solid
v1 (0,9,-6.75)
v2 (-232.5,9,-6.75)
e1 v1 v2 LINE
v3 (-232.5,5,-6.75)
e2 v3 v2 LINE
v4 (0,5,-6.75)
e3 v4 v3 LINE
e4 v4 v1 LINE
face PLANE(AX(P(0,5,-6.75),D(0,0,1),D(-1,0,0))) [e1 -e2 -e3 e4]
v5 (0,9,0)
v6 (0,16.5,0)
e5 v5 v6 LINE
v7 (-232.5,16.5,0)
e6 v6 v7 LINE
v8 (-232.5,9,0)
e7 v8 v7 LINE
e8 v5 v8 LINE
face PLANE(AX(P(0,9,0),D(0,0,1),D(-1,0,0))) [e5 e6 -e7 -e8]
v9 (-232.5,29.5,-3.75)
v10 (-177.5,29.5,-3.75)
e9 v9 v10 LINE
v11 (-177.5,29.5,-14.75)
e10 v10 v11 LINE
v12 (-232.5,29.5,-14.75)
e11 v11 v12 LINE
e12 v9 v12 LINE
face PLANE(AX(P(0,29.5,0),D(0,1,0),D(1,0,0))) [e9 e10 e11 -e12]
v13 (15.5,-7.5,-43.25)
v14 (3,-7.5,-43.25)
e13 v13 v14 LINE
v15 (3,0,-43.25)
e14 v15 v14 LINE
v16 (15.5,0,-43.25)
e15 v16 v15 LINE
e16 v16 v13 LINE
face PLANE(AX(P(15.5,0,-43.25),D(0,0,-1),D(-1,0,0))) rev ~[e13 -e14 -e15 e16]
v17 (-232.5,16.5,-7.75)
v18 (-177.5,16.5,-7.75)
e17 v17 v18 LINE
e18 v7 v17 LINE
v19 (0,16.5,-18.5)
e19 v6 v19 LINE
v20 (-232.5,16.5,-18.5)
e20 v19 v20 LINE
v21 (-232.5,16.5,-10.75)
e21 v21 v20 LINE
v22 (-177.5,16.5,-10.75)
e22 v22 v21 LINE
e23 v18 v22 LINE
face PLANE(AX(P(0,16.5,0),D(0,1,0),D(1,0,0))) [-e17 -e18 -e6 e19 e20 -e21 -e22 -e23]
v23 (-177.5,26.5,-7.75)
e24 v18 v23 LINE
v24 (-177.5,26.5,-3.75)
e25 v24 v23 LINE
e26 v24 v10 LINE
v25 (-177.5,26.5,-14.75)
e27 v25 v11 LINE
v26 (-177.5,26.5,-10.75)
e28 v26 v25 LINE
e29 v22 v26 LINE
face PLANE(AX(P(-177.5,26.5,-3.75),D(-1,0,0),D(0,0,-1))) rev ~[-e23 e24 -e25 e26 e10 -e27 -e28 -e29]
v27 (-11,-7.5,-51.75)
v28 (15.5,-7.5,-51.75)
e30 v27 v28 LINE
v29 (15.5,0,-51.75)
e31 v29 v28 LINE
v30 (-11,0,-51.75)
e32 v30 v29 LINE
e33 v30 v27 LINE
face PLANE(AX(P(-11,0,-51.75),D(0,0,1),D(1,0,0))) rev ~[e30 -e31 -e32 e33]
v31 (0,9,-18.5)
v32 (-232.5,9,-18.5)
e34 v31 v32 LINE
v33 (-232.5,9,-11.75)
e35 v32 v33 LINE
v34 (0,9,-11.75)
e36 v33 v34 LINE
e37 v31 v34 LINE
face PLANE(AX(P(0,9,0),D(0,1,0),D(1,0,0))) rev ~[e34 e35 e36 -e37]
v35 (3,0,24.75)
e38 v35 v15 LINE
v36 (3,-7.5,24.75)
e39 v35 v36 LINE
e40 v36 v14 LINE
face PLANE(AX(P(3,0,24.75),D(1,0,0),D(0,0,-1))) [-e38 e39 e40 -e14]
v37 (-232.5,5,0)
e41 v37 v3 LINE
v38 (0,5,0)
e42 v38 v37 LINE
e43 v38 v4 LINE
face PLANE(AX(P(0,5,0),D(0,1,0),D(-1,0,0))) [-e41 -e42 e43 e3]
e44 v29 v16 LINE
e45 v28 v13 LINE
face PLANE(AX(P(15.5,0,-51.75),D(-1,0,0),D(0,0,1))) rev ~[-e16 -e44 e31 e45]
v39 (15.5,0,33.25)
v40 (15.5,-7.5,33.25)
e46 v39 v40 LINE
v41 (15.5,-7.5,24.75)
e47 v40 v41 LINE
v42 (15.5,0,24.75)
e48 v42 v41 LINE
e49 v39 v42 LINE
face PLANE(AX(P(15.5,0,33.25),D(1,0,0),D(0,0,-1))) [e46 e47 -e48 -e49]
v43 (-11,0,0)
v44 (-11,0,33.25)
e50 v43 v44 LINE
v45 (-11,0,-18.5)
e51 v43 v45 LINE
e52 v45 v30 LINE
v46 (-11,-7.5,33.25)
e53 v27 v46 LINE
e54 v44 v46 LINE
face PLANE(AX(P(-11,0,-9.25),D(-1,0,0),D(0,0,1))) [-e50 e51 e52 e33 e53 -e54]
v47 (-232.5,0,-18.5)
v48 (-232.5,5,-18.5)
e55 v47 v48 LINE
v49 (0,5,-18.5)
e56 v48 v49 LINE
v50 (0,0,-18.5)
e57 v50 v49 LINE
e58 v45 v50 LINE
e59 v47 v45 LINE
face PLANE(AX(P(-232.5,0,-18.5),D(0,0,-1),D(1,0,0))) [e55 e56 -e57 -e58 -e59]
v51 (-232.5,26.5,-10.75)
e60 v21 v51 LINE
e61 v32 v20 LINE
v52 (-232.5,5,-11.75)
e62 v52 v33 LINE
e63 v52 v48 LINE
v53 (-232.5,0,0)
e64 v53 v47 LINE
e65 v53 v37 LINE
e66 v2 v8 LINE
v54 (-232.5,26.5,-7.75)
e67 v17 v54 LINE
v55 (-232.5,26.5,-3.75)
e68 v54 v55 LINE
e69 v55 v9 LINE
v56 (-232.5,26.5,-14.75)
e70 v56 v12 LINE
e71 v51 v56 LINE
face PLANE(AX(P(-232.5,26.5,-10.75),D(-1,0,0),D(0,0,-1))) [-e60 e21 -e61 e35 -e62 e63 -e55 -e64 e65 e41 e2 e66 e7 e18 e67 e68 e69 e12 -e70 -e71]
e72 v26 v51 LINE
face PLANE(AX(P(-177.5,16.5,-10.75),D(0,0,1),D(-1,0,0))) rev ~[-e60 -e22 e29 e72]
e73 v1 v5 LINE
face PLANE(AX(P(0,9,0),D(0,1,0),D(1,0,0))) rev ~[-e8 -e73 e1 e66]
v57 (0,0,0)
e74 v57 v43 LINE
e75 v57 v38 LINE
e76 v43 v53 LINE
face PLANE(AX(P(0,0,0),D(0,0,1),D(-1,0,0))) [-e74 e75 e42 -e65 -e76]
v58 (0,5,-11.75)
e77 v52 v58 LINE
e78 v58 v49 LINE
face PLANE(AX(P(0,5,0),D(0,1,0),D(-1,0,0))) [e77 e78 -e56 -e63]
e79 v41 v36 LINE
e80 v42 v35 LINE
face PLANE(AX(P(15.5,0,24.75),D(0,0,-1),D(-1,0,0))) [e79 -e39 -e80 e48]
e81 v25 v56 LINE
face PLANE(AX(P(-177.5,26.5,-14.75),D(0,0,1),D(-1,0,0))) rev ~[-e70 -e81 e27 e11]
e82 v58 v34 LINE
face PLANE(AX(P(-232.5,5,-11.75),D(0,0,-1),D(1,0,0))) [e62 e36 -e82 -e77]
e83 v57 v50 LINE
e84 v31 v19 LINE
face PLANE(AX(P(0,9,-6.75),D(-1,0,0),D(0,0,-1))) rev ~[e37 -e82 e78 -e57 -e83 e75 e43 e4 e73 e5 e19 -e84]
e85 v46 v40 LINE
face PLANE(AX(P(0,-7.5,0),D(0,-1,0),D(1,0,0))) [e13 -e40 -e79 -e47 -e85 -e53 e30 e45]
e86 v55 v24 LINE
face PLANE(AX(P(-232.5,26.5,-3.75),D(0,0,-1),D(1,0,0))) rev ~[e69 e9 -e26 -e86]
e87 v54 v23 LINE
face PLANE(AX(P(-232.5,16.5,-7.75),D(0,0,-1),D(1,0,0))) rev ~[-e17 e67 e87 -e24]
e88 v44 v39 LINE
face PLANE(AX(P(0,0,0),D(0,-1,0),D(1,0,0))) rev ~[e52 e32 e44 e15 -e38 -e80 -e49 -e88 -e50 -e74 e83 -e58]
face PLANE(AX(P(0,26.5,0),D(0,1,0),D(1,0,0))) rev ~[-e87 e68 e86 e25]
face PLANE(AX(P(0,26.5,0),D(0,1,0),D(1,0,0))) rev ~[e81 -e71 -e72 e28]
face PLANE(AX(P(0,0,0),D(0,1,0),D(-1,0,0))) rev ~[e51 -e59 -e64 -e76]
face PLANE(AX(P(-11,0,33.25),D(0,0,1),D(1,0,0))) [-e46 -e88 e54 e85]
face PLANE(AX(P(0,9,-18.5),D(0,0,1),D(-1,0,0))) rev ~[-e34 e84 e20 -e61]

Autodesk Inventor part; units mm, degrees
ref_plane "YZ Plane" through (0, 0, 0) normal (1, 0, 0) x (0, 1, 0)
ref_plane "XZ Plane" through (0, 0, 0) normal (0, 1, 0) x (-1, 0, 0)
ref_plane "XY Plane" through (0, 0, 0) normal (0, 0, 1) x (1, 0, 0)
sketch "Esboço1" plane through (0, 0, 0) normal (0, 1, 0) x (-1, 0, 0)
  line L0 (0, 0) -> (0, -18.5)
  line L1 (0, 0) -> (232.5, 0)
  line L2 (232.5, 0) -> (232.5, -18.5)
  line L3 (232.5, -18.5) -> (0, -18.5)
  dimension "d0" = 18.5
  dimension "d1" = 232.5
extrude "Extrusão1" add sketch "Esboço1" along normal blind 5
sketch "Esboço2" plane through (0, 5, 0) normal (0, 1, 0) x (1, 0, 0)
  line L0 (0, 0) -> (0, 9.25)
  line L1 (0, 0) -> (0, 18.5) projected
  line L2 (0, 9.25) -> (0, 11.75)
  line L3 (0, 11.75) -> (0, 6.75)
  line L4 (0, 6.75) -> (-232.5, 6.75)
  line L5 (-232.5, 18.5) -> (-232.5, 0) projected
  line L6 (-232.5, 6.75) -> (-232.5, 11.75)
  line L7 (-232.5, 11.75) -> (0, 11.75)
  dimension "d4" = 2.5
  dimension "d5" = 5
extrude "Extrusão2" add sketch "Esboço2" along normal blind 4
sketch "Esboço3" plane through (0, 9, 0) normal (0, 1, 0) x (1, 0, 0)
  line L0 (-232.5, 6.75) -> (0, 6.75) projected
  line L1 (0, 0) -> (0, 18.5) projected
  line L2 (0, 6.75) -> (0, 18.5)
  line L3 (0, 18.5) -> (0, 0)
  line L4 (0, 0) -> (-232.5, 0)
  line L5 (0, 18.5) -> (-232.5, 18.5) projected
  line L6 (-232.5, 18.5) -> (-232.5, 11.75) projected
  line L7 (-232.5, 0) -> (-232.5, 18.5)
  line L8 (-232.5, 18.5) -> (0, 18.5)
extrude "Extrusão3" add sketch "Esboço3" along normal blind 7.5
sketch "Esboço4" plane through (0, 0, 0) normal (0, -1, 0) x (1, 0, 0)
  line L0 (-232.5, 0) -> (0, 0) projected
  line L1 (-11, -9.25) -> (-11, -51.75)
  line L2 (-11, -51.75) -> (15.5, -51.75)
  line L3 (15.5, -51.75) -> (15.5, -43.25)
  line L4 (15.5, -43.25) -> (3, -43.25)
  line L5 (-11, -9.25) -> (-11, 33.25)
  line L6 (-11, 33.25) -> (15.5, 33.25)
  line L7 (15.5, 33.25) -> (15.5, 24.75)
  line L8 (15.5, 24.75) -> (3, 24.75)
  line L9 (3, 24.75) -> (3, -43.25)
  dimension "d12" = 42.5
  dimension "d14" = 26.5
  dimension "d15" = 8.5
  dimension "d17" = 42.5
  dimension "d18" = 8.5
extrude "Extrusão4" add sketch "Esboço4" along normal blind 7.5
sketch "Esboço5" plane through (0, 16.5, 0) normal (0, 1, 0) x (1, 0, 0)
  line L0 (0, 18.5) -> (-232.5, 18.5) projected
  line L1 (-232.5, 18.5) -> (-232.5, 0) projected
  line L2 (-232.5, 9.25) -> (-232.5, 10.75)
  line L3 (-232.5, 10.75) -> (-232.5, 7.75)
  line L4 (-232.5, 7.75) -> (-177.5, 7.75)
  line L5 (-177.5, 7.75) -> (-177.5, 10.75)
  line L6 (0, 11.75) -> (-232.5, 11.75) projected
  line L7 (-177.5, 10.75) -> (-232.5, 10.75)
  point P0 (0, 0)
  dimension "d21" = 1.5
  dimension "d22" = 3
  dimension "d23" = 55
  dimension "d24" = 3
extrude "Extrusão5" add sketch "Esboço5" along normal blind 10
sketch "Esboço6" plane through (0, 26.5, 0) normal (0, 1, 0) x (1, 0, 0)
  line L0 (-232.5, 10.75) -> (-232.5, 7.75) projected
  line L1 (-232.5, 9.25) -> (-232.5, 14.75)
  line L2 (-232.5, 14.75) -> (-232.5, 3.75)
  line L3 (-232.5, 6.75) -> (-232.5, 0) projected
  line L4 (-232.5, 3.75) -> (-177.5, 3.75)
  line L5 (-177.5, 3.75) -> (-177.5, 14.75)
  line L6 (-177.5, 14.75) -> (-232.5, 14.75)
  line L7 (0, 18.5) -> (-232.5, 18.5) projected
  point P0 (0, 0)
  dimension "d27" = 5.5
  dimension "d28" = 11
  dimension "d29" = 55
extrude "Extrusão6" add sketch "Esboço6" along normal blind 3
properties part number "trilho sem cremalheira"
